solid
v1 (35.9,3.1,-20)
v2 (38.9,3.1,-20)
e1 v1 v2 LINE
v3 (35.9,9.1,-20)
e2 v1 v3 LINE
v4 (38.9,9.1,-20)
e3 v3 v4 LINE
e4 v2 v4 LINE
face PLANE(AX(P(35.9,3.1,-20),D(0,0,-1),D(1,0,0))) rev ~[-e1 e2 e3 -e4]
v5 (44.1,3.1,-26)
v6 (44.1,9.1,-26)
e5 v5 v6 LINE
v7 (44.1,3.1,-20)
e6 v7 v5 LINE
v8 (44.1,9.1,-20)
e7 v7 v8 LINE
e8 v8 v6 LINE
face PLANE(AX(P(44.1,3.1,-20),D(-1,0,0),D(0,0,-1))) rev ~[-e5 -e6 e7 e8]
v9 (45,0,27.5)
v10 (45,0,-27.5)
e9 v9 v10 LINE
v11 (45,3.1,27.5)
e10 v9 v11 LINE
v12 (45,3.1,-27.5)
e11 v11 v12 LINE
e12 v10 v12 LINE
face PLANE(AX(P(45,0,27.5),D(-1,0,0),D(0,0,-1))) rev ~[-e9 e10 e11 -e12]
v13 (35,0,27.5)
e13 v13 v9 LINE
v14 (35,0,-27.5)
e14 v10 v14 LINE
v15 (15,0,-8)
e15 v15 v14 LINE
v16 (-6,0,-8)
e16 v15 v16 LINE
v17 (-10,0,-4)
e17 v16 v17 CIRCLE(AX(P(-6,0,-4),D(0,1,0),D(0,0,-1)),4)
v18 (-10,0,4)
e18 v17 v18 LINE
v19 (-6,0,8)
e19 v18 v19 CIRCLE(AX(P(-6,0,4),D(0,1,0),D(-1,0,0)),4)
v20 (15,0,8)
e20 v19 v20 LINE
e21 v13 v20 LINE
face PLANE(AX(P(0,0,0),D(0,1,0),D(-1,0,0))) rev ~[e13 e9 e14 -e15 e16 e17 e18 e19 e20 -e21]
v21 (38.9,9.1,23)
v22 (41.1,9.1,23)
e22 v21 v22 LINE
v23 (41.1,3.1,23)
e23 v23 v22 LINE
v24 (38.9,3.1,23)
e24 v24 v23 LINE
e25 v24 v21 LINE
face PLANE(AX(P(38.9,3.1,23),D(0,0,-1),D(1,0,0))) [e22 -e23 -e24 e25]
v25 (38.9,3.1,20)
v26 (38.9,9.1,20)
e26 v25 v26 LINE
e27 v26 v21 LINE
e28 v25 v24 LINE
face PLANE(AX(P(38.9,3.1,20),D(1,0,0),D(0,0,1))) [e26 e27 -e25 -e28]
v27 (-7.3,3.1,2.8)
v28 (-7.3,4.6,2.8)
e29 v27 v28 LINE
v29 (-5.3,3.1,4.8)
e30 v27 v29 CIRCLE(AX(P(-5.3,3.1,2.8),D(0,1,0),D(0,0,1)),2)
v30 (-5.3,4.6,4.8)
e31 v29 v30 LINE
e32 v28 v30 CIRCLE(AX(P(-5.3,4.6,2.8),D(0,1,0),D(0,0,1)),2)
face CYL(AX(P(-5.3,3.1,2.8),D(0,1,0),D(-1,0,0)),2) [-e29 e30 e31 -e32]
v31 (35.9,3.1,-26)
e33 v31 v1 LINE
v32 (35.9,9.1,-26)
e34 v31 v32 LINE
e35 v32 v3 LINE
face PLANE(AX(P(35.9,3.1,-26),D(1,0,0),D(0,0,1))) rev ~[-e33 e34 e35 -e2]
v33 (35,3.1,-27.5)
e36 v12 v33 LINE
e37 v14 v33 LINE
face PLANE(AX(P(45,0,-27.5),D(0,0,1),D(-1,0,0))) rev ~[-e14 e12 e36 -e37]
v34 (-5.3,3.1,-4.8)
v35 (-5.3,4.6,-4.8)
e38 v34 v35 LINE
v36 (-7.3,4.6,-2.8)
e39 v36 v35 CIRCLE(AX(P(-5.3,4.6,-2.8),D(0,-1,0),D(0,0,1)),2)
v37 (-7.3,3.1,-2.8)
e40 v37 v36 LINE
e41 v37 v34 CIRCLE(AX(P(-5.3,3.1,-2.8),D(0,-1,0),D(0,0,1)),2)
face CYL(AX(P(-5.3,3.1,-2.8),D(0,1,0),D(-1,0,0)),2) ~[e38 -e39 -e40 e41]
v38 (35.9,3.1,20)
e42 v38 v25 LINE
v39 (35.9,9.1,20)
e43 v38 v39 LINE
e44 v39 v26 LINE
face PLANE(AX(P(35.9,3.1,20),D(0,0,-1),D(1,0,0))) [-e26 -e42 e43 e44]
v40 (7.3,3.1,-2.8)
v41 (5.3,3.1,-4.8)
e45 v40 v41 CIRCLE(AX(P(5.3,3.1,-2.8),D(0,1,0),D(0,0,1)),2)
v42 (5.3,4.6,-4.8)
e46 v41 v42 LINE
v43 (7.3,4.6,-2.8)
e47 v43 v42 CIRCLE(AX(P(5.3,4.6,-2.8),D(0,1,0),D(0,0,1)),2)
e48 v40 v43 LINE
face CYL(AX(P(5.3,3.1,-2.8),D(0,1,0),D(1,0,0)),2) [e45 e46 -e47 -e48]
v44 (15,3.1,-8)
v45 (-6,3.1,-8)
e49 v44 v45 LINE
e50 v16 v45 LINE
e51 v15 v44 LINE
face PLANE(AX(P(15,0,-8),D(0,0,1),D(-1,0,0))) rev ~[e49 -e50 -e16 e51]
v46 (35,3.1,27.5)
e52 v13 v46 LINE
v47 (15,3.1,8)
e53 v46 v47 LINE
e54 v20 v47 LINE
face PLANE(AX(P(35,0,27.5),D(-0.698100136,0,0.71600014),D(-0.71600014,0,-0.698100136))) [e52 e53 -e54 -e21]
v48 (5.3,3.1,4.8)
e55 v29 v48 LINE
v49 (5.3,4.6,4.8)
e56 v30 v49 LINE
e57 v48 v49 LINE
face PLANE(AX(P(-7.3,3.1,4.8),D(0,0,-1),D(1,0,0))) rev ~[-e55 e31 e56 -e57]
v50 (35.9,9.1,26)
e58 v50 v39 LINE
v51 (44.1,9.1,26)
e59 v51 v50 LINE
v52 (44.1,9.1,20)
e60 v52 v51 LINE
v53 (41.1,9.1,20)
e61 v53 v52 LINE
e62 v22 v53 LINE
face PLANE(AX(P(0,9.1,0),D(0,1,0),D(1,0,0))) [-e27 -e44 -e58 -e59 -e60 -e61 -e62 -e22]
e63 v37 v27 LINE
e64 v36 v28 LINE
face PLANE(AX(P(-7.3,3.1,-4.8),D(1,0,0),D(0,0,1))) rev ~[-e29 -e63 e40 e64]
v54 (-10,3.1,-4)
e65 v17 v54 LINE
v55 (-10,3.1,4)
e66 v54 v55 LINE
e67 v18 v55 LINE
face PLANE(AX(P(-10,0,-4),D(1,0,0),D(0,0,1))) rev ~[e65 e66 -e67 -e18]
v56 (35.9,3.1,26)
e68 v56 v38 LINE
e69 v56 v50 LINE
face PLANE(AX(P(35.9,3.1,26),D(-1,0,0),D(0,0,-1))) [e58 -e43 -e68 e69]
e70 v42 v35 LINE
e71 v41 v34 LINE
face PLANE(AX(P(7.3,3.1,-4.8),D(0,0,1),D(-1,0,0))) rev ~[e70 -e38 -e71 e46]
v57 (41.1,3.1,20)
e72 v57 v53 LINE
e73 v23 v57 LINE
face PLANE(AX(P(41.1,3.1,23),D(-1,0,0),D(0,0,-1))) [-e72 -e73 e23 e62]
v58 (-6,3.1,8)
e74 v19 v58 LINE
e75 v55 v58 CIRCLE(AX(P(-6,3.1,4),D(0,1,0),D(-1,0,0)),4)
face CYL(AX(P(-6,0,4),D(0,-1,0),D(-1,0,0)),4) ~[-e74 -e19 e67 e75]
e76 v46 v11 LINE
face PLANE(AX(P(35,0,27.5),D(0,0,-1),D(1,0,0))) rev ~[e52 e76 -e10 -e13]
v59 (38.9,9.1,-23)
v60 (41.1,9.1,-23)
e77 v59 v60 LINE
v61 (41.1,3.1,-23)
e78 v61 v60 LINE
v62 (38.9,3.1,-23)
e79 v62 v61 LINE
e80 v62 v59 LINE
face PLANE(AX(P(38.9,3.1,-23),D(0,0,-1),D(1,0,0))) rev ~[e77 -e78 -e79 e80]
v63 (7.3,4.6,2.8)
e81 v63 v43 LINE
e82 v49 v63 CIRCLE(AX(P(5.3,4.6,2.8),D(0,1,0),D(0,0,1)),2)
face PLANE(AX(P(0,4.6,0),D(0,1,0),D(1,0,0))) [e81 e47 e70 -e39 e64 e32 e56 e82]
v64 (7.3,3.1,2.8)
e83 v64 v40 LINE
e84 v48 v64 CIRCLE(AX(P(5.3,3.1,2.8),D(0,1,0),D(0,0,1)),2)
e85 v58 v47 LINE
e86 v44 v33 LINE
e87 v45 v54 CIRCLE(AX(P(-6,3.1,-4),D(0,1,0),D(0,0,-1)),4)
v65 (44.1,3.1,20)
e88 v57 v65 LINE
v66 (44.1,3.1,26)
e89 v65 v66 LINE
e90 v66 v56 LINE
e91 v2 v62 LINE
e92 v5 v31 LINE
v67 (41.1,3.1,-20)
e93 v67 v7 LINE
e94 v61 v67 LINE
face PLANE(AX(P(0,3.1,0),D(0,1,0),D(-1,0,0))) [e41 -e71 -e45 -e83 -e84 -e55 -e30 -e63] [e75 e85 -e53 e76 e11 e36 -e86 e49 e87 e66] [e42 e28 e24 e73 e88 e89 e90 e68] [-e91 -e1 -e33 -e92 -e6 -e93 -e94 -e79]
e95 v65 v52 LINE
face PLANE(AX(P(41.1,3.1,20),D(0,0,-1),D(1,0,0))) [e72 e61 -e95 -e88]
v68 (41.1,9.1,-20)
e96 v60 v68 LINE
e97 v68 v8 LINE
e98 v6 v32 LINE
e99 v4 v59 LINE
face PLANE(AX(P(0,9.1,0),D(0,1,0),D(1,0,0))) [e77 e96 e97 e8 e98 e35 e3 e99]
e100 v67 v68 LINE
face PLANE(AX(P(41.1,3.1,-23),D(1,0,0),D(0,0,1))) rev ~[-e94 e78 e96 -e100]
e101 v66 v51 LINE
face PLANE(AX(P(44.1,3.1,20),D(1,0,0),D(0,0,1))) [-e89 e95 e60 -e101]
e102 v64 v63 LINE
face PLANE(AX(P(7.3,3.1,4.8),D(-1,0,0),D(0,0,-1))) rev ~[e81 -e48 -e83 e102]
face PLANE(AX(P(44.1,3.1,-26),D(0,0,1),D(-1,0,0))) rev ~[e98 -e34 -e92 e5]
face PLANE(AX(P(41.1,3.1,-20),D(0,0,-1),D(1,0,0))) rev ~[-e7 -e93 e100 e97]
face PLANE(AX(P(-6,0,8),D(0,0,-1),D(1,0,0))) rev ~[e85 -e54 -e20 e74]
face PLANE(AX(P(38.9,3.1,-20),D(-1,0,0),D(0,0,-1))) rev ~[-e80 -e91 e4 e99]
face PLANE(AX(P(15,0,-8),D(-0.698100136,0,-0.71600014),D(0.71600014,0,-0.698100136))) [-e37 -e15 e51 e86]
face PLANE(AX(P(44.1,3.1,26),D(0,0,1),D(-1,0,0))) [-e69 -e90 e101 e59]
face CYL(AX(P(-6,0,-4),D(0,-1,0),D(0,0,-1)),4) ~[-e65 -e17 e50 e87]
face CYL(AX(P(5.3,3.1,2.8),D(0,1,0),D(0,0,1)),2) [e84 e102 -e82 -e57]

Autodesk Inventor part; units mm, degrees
ref_plane "YZ Plane" through (0, 0, 0) normal (1, 0, 0) x (0, 1, 0)
ref_plane "XZ Plane" through (0, 0, 0) normal (0, 1, 0) x (-1, 0, 0)
ref_plane "XY Plane" through (0, 0, 0) normal (0, 0, 1) x (1, 0, 0)
sketch "Sketch1" plane through (0, 0, 0) normal (0, 1, 0) x (-1, 0, 0)
  line L0 (6, 8) -> (-15, 8)
  line L1 (-15, -8) -> (6, -8)
  line L2 (10, -4) -> (10, 4)
  line L3 (-45, 0) -> (10, 0) construction
  arc A0 (10, 4) -> (6, 8) centre (6, 4) ccw
  arc A1 (6, -8) -> (10, -4) centre (6, -4) ccw
  line L4 (-35, 27.5) -> (-15, 8)
  line L5 (-15, -8) -> (-35, -27.5)
  line L6 (-35, 27.5) -> (-45, 27.5)
  line L7 (-45, 27.5) -> (-45, -27.5)
  line L8 (-45, -27.5) -> (-35, -27.5)
  point P0 (0, 0)
  point P1 (10, 8)
  point P2 (10, -8)
  dimension "d1" = 16
  dimension "d3" = 10
  dimension "d4" = 4
  dimension "d16" = 20
  dimension "d17" = 10
  dimension "d18" = 55
  dimension "d26" = 25
extrude "Extrusion1" add sketch "Sketch1" along normal blind 3.1
sketch "Sketch2" plane through (0, 3.1, 0) normal (0, 1, 0) x (1, 0, 0)
  line L0 (-7.3, -4.8) -> (7.3, -4.8)
  line L1 (7.3, -4.8) -> (7.3, 4.8)
  line L2 (7.3, 4.8) -> (-7.3, 4.8)
  line L3 (-7.3, 4.8) -> (-7.3, -4.8)
  line L4 (-7.3, -4.8) -> (7.3, 4.8) construction
  line L5 (7.3, -4.8) -> (-7.3, 4.8) construction
  point P0 (0, 0)
  dimension "d7" = 15
  dimension "d8" = 10
extrude "Extrusion2" add sketch "Sketch2" along normal blind 1.5
fillet "Fillet1" radius 2 4 edges at (7.3, 3.85, -4.8) (7.3, 3.85, 4.8) (-7.3, 3.85, 4.8) (-7.3, 3.85, -4.8)
sketch "Sketch3" plane through (0, 3.1, 0) normal (0, 1, 0) x (1, 0, 0)
  line L0 (-10, 4) -> (-10, -4) projected
  line L1 (35, -27.5) -> (45, -27.5) projected
  line L2 (45, -27.5) -> (45, 27.5) projected
  line L3 (15, 8) -> (-6, 8) projected
  line L4 (35.9, 20) -> (38.9, 20)
  line L5 (38.9, 20) -> (38.9, 23)
  line L6 (38.9, 23) -> (41.1, 23)
  line L7 (41.1, 23) -> (41.1, 20)
  line L8 (41.1, 20) -> (44.1, 20)
  line L9 (44.1, 20) -> (44.1, 26)
  line L10 (44.1, 26) -> (35.9, 26)
  line L11 (35.9, 26) -> (35.9, 20)
  line L12 (45, 0) -> (-10, 0) construction
  line L13 (35.9, -20) -> (38.9, -20)
  line L14 (38.9, -20) -> (38.9, -23)
  line L15 (38.9, -23) -> (41.1, -23)
  line L16 (41.1, -23) -> (41.1, -20)
  line L17 (41.1, -20) -> (44.1, -20)
  line L18 (44.1, -20) -> (44.1, -26)
  line L19 (44.1, -26) -> (35.9, -26)
  line L20 (35.9, -26) -> (35.9, -20)
  line L21 (35, 27.5) -> (35, -27.5) construction
  line L22 (45, 27.5) -> (35, 27.5) projected
  line L23 (40, -27.5) -> (40, 27.5) construction
  point P0 (0, 0)
  point P1 (40, 26)
  dimension "d19" = 3
  dimension "d20" = 3
  dimension "d21" = 1.6
  dimension "d22" = 45.4
extrude "Extrusion3" add sketch "Sketch3" along normal blind 6
equation "\"d20\" = d19"
properties part number "Front Sensor Holder"
